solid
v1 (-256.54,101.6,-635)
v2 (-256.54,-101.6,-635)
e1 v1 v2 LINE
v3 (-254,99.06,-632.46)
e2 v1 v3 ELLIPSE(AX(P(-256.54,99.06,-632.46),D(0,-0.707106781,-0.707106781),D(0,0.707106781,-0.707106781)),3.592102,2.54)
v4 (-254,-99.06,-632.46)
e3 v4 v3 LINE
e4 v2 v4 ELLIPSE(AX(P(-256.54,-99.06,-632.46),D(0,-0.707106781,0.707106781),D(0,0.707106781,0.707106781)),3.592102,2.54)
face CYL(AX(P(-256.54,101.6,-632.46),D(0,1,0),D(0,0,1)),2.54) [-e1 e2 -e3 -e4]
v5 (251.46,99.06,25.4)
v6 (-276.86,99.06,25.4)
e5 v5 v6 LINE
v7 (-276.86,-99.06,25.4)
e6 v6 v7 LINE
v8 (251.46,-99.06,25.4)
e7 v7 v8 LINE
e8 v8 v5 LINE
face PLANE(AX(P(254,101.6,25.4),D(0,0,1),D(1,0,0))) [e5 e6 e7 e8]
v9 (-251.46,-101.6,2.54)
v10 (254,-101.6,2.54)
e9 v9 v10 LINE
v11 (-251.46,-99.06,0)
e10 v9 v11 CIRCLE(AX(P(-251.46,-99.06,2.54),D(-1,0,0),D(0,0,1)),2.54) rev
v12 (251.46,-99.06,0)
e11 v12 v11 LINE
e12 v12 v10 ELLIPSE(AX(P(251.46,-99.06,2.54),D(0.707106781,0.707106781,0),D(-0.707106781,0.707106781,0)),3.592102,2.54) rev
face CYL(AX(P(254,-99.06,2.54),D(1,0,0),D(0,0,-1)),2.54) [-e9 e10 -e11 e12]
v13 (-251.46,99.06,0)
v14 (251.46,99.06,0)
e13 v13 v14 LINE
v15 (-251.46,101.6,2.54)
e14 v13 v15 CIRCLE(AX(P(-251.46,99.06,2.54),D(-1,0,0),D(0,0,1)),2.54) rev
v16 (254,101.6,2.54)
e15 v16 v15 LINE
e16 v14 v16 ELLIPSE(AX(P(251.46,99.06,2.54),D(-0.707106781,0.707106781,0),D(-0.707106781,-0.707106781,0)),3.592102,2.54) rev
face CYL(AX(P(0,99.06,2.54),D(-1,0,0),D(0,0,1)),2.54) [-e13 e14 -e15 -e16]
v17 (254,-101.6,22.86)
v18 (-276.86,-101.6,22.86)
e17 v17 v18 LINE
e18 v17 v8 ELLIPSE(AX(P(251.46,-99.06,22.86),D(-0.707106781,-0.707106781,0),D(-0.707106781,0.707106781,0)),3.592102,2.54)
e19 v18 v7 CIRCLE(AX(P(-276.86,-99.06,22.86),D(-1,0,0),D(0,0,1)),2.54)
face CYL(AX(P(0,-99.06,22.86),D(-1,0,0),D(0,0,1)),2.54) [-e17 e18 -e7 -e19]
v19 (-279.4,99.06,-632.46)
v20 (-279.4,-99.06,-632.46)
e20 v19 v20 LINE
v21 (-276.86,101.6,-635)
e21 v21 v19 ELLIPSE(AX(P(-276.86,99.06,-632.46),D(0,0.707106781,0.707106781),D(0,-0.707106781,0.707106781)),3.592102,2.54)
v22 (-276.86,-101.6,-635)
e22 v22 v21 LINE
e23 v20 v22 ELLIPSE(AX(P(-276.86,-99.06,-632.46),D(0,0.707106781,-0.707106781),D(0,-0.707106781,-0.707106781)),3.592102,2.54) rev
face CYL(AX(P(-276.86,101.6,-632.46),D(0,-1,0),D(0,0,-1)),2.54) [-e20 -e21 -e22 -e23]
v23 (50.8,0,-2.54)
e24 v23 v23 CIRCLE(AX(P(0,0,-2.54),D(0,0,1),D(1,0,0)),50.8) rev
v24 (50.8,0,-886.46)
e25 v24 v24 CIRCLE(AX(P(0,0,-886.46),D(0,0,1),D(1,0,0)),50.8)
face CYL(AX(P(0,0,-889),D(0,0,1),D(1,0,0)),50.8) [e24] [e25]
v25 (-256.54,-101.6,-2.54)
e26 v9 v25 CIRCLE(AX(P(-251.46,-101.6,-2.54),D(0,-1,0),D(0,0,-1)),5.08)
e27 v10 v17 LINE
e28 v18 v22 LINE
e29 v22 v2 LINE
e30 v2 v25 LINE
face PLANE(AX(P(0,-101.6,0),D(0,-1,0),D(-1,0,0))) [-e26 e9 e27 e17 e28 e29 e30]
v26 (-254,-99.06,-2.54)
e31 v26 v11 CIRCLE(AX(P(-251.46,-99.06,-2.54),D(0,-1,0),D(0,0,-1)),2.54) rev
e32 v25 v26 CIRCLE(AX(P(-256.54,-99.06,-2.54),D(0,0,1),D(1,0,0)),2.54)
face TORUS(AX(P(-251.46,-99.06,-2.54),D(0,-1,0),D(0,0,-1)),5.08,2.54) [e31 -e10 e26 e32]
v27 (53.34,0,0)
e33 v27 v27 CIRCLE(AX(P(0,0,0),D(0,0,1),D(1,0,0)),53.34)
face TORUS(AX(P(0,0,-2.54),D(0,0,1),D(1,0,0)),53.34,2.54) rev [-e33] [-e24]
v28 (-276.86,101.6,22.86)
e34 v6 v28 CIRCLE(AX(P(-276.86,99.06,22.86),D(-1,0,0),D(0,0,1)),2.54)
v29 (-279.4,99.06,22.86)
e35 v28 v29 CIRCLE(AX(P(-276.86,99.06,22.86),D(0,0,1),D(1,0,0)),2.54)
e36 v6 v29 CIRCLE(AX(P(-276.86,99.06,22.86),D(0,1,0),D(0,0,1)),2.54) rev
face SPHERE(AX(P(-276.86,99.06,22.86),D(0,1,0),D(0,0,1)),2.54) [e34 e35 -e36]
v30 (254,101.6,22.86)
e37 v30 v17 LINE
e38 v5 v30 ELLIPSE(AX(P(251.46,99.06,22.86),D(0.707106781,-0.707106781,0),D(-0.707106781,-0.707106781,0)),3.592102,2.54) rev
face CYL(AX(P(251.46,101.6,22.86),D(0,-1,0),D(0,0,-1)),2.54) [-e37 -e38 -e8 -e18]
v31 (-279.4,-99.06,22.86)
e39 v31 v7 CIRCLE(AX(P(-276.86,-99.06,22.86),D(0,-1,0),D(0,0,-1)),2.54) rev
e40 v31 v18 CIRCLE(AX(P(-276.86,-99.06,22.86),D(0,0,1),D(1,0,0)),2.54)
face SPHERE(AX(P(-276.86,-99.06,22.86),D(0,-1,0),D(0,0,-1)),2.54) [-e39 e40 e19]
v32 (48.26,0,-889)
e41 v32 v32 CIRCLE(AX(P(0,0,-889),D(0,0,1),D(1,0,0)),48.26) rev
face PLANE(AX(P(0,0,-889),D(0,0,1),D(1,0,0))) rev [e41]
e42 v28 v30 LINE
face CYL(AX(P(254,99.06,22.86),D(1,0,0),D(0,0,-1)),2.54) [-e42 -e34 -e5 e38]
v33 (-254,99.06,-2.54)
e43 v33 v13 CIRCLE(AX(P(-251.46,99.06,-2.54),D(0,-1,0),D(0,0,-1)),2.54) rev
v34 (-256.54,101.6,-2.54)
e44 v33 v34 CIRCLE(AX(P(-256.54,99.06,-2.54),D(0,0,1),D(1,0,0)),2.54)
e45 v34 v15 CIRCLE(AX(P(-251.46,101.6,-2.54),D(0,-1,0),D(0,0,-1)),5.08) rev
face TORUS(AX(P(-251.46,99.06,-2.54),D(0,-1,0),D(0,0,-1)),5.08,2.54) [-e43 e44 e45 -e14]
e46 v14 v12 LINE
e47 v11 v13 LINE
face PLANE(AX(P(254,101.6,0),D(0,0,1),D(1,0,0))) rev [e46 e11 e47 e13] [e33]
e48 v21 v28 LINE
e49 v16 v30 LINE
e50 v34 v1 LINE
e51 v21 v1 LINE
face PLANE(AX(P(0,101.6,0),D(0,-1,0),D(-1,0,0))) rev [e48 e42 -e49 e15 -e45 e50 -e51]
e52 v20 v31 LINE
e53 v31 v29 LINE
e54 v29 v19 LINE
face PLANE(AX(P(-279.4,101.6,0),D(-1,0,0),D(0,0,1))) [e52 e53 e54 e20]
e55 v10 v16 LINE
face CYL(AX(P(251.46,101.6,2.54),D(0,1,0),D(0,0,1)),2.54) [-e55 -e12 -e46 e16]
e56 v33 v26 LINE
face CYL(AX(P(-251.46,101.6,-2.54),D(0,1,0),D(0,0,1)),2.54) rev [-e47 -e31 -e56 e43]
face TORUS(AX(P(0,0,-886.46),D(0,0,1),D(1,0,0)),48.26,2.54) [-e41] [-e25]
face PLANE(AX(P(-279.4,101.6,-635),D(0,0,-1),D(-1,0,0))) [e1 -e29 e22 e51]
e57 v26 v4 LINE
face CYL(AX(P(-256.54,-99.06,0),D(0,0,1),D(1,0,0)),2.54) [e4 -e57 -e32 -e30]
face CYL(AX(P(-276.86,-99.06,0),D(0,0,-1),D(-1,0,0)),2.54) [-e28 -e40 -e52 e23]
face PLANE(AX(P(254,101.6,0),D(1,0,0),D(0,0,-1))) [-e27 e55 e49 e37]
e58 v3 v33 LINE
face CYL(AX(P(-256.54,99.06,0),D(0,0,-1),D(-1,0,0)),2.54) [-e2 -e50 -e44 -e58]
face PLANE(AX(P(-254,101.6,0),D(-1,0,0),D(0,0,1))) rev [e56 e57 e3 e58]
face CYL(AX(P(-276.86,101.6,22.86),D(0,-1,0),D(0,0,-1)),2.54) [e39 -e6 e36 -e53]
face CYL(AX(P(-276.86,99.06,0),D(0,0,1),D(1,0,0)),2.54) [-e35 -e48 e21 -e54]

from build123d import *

# Parameters (mm, degrees)
SKETCH1_R           = 50.8
BOSS_EXTRUDE1_DEPTH = 889
EXTRUDE_THIN1_DEPTH = 101.6
FILLET1_R           = 2.54


with BuildPart() as part:
    # Sketch1 → Boss-Extrude1 (new body)
    with BuildSketch(Plane.XY):
        Circle(SKETCH1_R)
    extrude(amount=-BOSS_EXTRUDE1_DEPTH)

    # Sketch3 → Extrude-Thin1 (add, symmetric)
    with BuildSketch(Plane(origin=(0, 0, 0), x_dir=(1, 0, 0), z_dir=(0, 1, 0))):
        Polygon((254, 0), (-254, 0), (-254, 635), (-279.4, 635), (-279.4, -25.4), (254, -25.4), align=None)
    extrude(amount=EXTRUDE_THIN1_DEPTH, both=True)

    # Fillet1
    fillet1_edges = [part.edges().sort_by_distance(p)[0] for p in [
        (-50.8, 0, 0),
        (-50.8, 0, -889),
        (-254, -101.6, -317.5),
        (-254, 0, 0),
        (-254, 0, -635),
        (-279.4, 101.6, -304.8),
        (-279.4, 0, -635),
        (-12.7, 101.6, 25.4),
        (-279.4, 0, 25.4),
        (254, 0, 25.4),
        (0, -101.6, 0),
        (254, 0, 0),
        (-254, 101.6, -317.5),
        (0, 101.6, 0),
        (-12.7, -101.6, 25.4),
        (-279.4, -101.6, -304.8),
    ]]
    fillet(fillet1_edges, radius=FILLET1_R)


solid = part.part
